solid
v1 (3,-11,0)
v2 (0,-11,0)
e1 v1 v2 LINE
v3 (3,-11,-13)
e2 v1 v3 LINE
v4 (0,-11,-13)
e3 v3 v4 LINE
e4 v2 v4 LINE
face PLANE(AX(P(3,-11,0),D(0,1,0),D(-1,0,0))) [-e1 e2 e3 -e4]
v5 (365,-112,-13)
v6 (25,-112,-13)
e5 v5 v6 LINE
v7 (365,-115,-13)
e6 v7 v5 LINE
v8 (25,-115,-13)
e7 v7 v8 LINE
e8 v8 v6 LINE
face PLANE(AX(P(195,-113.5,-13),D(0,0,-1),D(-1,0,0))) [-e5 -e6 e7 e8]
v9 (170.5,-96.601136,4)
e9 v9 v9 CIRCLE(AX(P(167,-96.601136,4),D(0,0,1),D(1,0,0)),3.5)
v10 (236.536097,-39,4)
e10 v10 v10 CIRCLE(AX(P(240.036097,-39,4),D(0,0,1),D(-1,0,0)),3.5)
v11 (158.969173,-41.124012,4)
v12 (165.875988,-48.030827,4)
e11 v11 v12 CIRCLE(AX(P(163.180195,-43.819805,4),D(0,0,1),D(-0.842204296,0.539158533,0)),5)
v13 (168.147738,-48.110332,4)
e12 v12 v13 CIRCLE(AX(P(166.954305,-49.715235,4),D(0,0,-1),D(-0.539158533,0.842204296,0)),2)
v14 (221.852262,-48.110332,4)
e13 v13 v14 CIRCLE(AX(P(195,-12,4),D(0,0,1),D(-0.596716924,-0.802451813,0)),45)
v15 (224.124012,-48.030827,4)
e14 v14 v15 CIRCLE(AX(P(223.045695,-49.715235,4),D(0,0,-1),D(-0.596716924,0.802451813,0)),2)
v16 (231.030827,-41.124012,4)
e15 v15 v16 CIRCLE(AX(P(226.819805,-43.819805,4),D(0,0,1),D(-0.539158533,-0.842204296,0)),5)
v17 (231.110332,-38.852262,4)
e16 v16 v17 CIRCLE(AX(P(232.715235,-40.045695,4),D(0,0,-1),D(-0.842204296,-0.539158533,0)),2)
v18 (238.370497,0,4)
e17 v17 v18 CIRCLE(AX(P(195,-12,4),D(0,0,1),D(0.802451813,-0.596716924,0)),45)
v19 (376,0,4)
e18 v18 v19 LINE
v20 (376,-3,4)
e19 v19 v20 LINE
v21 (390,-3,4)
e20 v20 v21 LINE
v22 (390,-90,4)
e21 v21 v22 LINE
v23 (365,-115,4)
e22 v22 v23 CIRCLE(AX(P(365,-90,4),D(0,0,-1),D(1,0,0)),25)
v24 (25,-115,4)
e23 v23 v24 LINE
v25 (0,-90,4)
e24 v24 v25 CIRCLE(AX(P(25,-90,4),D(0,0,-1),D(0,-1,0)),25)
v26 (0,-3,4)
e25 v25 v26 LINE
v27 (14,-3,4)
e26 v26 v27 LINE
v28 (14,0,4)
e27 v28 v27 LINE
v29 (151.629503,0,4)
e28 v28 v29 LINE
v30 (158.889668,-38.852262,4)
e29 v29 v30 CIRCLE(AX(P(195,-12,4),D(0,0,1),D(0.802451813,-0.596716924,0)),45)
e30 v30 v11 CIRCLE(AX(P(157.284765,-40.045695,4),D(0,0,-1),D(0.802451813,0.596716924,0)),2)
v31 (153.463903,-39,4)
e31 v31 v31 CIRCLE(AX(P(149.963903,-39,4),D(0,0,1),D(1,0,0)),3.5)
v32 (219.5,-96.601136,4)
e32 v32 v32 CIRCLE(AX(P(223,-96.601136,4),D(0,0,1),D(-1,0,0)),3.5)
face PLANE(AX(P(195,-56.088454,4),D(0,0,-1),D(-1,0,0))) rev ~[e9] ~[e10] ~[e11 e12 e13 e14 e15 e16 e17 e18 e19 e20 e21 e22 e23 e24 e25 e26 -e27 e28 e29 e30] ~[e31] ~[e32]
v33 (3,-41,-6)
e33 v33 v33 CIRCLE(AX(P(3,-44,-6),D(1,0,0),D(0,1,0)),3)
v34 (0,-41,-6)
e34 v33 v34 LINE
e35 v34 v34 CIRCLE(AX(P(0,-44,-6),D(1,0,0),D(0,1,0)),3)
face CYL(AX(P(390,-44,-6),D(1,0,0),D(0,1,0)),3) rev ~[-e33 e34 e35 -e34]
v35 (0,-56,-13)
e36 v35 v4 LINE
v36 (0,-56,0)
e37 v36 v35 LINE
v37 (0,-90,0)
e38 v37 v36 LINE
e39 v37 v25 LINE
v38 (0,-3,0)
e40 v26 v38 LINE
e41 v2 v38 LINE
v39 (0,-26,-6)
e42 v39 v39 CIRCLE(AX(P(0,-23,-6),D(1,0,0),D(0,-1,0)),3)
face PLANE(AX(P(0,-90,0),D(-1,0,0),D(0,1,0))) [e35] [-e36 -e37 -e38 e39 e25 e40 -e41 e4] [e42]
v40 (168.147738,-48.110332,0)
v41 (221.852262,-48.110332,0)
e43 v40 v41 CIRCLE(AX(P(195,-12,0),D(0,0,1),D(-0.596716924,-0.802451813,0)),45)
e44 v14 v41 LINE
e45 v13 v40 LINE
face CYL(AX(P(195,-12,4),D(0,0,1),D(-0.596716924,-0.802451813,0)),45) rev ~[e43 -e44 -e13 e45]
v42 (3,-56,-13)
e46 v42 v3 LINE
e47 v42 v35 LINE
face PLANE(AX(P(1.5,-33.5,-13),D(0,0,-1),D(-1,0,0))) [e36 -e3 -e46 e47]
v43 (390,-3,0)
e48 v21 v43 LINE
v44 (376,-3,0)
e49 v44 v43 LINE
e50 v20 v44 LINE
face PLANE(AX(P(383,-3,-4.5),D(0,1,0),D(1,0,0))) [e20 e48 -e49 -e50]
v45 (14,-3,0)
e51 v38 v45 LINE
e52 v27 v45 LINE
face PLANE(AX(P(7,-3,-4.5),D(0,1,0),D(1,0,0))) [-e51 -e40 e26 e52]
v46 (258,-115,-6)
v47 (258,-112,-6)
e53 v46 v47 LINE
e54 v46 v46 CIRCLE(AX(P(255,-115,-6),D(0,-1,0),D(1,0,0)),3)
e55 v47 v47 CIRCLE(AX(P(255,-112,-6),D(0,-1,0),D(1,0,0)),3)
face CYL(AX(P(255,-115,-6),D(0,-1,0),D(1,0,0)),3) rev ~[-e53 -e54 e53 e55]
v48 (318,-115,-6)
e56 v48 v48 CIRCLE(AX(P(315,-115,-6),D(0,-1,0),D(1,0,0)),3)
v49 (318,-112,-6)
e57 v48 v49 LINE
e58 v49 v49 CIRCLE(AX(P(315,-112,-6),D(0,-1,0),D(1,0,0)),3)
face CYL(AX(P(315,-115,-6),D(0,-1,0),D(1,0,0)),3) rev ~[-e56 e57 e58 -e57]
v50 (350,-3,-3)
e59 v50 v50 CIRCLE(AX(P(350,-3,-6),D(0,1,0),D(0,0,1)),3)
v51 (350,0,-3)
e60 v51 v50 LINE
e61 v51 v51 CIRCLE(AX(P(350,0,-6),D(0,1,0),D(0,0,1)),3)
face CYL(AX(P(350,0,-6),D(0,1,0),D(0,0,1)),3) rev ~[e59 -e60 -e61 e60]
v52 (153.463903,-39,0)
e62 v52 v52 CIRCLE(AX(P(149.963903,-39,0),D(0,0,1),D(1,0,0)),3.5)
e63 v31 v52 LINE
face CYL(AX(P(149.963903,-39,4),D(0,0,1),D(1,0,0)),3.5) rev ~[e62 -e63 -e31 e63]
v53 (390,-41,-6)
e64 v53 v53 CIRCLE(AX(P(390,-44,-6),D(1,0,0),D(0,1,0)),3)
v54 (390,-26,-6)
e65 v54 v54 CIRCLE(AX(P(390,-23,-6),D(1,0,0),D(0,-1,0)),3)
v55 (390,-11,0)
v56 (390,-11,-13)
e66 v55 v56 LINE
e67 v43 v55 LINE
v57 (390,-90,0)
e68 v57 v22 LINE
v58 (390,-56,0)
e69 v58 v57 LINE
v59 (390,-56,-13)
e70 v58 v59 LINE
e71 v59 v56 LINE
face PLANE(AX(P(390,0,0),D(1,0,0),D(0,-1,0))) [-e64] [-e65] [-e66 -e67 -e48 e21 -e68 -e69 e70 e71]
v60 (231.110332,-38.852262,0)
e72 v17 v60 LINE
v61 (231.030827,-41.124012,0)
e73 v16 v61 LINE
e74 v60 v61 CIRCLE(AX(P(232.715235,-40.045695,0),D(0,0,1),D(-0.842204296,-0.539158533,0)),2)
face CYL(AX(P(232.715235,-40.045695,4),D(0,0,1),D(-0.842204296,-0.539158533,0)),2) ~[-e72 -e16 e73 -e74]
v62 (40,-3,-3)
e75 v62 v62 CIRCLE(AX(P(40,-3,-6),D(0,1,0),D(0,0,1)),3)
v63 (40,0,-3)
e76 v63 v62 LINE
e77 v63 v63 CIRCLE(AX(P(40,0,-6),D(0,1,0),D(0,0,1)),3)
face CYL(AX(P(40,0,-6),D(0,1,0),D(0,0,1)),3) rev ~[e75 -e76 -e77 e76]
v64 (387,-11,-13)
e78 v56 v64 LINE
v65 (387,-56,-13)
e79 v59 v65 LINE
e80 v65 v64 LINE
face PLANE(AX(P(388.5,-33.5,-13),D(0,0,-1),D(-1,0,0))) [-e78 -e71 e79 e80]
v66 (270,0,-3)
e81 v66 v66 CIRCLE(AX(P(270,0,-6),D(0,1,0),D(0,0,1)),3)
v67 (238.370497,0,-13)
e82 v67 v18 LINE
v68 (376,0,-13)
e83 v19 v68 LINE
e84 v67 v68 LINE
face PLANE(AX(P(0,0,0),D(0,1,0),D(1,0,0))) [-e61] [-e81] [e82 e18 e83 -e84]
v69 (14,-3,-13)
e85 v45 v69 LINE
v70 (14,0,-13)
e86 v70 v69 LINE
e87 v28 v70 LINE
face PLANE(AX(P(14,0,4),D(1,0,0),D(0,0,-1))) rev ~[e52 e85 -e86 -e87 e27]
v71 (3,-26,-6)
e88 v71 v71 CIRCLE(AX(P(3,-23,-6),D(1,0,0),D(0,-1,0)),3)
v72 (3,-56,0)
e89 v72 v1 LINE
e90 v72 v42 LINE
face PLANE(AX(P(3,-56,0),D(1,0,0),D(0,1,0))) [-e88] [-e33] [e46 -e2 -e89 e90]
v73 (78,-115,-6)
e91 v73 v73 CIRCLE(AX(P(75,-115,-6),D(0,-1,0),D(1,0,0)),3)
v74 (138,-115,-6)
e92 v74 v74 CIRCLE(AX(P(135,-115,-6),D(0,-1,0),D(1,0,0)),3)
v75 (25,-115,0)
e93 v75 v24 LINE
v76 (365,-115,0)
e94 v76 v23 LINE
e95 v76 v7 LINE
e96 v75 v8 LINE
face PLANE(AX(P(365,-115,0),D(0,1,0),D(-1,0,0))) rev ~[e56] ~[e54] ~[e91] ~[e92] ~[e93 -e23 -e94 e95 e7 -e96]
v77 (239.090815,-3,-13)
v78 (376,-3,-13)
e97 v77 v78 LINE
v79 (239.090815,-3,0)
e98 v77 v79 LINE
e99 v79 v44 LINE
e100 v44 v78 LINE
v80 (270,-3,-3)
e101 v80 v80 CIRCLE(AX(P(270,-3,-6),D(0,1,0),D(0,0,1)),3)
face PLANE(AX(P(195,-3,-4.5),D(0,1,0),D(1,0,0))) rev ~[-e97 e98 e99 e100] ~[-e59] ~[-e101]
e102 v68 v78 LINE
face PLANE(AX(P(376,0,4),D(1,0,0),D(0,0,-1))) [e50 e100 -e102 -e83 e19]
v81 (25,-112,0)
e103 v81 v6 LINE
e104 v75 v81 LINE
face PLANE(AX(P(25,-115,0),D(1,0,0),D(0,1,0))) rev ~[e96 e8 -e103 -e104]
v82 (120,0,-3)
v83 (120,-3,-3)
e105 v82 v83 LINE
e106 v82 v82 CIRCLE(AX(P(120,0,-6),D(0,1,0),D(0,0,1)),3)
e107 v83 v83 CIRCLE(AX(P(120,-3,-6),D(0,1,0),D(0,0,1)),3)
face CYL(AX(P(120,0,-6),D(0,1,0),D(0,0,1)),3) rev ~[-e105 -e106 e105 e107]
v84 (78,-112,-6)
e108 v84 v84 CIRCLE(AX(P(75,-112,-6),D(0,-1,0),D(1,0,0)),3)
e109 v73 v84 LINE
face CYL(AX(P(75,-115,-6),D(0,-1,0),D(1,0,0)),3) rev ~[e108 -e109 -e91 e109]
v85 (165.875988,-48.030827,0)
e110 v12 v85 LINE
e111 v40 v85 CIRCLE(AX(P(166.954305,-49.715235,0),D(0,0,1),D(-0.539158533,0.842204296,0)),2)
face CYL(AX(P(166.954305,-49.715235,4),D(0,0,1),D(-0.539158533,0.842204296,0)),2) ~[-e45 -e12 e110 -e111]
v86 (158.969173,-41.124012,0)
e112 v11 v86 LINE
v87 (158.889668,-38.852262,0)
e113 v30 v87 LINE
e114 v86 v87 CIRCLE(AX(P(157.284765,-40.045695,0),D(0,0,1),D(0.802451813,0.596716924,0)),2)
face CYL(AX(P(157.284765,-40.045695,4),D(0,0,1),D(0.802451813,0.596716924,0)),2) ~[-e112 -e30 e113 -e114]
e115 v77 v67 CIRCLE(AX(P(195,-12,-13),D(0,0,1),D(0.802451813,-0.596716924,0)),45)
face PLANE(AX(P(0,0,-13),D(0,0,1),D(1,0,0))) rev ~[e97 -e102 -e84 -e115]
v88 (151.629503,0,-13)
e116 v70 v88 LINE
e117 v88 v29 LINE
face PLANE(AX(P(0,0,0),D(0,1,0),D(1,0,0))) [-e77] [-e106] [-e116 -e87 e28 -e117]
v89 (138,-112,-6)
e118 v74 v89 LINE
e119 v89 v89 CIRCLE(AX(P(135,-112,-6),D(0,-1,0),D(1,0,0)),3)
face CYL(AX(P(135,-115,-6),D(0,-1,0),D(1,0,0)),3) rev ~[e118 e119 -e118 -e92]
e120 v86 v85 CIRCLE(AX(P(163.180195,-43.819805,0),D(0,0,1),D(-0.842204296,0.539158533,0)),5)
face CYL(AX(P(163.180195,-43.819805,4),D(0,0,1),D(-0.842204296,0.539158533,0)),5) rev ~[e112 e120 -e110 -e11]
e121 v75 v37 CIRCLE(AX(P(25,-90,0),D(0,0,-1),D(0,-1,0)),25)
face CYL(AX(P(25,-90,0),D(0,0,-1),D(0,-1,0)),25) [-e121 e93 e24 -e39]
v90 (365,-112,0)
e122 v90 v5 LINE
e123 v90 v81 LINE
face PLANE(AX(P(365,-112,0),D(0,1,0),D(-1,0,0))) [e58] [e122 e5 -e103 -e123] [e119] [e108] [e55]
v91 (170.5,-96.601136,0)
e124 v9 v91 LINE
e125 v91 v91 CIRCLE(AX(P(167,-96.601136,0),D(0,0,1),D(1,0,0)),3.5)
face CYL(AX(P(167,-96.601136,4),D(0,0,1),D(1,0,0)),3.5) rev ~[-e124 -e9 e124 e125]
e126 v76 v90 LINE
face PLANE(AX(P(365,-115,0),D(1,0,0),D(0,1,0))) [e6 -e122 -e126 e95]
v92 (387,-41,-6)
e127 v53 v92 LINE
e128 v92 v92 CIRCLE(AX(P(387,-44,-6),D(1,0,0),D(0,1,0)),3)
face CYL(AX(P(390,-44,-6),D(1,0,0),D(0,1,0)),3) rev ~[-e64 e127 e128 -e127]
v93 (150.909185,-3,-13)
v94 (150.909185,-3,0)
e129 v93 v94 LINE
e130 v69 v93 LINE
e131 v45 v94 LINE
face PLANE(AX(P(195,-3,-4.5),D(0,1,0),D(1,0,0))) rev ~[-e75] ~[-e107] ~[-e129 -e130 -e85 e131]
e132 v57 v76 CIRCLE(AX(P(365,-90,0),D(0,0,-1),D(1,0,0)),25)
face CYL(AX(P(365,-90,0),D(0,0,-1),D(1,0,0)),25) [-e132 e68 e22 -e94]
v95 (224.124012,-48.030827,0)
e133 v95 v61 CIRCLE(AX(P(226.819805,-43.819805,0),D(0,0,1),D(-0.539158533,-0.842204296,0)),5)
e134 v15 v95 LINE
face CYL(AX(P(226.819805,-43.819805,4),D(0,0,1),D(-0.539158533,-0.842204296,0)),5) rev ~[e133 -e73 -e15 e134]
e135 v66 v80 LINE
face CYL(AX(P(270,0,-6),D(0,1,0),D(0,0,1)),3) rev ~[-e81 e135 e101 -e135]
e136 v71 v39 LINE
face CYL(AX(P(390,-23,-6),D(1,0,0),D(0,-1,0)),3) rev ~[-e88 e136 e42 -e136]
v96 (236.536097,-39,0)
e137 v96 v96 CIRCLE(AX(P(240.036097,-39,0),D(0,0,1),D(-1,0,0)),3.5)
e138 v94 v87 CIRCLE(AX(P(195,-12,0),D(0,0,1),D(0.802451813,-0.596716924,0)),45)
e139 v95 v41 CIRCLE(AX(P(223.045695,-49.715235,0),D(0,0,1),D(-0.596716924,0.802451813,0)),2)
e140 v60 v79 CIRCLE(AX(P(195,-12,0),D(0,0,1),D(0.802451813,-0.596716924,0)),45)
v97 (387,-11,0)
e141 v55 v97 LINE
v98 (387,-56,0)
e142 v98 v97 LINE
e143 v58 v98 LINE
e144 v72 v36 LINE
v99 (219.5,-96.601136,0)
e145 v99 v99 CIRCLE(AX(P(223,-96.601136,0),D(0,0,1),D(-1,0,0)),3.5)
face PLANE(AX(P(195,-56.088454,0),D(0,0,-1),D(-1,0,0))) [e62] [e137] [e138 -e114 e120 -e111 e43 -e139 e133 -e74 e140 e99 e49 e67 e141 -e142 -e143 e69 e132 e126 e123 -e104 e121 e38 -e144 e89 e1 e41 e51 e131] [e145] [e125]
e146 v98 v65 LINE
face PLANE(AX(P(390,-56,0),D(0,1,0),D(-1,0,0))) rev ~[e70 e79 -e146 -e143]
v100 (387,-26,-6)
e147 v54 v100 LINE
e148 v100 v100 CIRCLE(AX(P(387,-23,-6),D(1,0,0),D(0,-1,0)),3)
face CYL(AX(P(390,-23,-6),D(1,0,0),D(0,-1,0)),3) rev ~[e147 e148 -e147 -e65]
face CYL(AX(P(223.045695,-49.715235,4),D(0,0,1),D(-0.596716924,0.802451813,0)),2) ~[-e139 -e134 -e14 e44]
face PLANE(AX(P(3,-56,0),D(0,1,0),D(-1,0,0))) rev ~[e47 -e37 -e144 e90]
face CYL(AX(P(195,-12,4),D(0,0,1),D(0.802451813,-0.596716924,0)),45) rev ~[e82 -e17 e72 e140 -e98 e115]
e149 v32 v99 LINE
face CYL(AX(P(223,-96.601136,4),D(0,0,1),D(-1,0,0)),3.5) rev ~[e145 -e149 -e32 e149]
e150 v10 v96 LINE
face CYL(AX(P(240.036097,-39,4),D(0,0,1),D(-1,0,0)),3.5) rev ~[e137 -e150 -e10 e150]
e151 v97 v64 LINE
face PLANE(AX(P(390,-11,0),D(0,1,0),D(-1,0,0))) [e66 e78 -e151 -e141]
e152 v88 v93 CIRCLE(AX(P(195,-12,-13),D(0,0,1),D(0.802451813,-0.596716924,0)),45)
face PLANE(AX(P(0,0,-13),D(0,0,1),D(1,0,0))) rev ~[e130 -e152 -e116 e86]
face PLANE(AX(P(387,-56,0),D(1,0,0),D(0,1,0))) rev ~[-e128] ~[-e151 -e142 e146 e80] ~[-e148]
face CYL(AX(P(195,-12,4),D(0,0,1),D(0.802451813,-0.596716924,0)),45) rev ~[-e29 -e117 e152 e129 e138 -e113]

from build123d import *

# Parameters (mm, degrees)
EXTRUDE_1_DEPTH     = 4
SKETCH_5_W          = 390
SKETCH_5_H          = 17
EXTRUDE_2_DEPTH     = 3
SKETCH_7_R          = 3.5
CUT_EXTRUDE_1_DEPTH = 407.957000186
SKETCH_8_W          = 340
SKETCH_8_H          = 3
EXTRUDE_3_DEPTH     = 13
SKETCH_9_W          = 14
SKETCH_9_H          = 17
CUT_EXTRUDE_2_DEPTH = 3
SKETCH_18_W         = 3
SKETCH_18_H         = 45
EXTRUDE_4_DEPTH     = 13
SKETCH_19_R         = 3
CUT_EXTRUDE_3_DEPTH = 13
SKETCH_20_R         = 3
CUT_EXTRUDE_4_DEPTH = 407.809537745
SKETCH_22_R         = 3
CUT_EXTRUDE_5_DEPTH = 13


with BuildPart() as part:
    # 草图1 → 凸台-拉伸1 (new body)
    with BuildSketch(Plane.XY):
        with BuildLine():
            Line((0, 0), (390, 0))
            Line((390, 0), (390, -90))
            ThreePointArc((390, -90), (382.67766953, -107.67766953), (365, -115))
            Line((365, -115), (25, -115))
            ThreePointArc((25, -115), (7.32233047, -107.67766953), (0, -90))
            Line((0, -90), (0, 0))
        make_face()
    extrude(amount=EXTRUDE_1_DEPTH)

    # 草图5 → 凸台-拉伸2 (add)
    with BuildSketch(Plane(origin=(0, 0, 0), x_dir=(1, 0, 0), z_dir=(0, 1, 0))):
        with Locations((195, 4.5)):
            Rectangle(SKETCH_5_W, SKETCH_5_H)
    extrude(amount=-EXTRUDE_2_DEPTH)

    # 草图7 → 切除-拉伸1 (cut, through all)
    with BuildSketch(Plane.XY.offset(4)):
        with Locations((167, -96.601136347)):
            Circle(SKETCH_7_R)
        with Locations((149.963903366, -39)):
            Circle(SKETCH_7_R)
        with Locations(Location((223, -96.601136347, 0), (0, 0, 180))):
            Circle(SKETCH_7_R)
        with Locations(Location((240.036096634, -39, 0), (0, 0, 180))):
            Circle(SKETCH_7_R)
        with BuildLine():
            ThreePointArc((168.147738424, -48.1103316), (195, -57), (221.852261576, -48.1103316))
            ThreePointArc((221.852261576, -48.1103316), (222.97574381, -47.716458908), (224.124012489, -48.030826634))
            ThreePointArc((224.124012489, -48.030826634), (230.355339059, -47.355339059), (231.030826634, -41.124012489))
            ThreePointArc((231.030826634, -41.124012489), (230.716458908, -39.97574381), (231.1103316, -38.852261576))
            ThreePointArc((231.1103316, -38.852261576), (195, 33), (158.8896684, -38.852261576))
            ThreePointArc((158.8896684, -38.852261576), (159.283541092, -39.97574381), (158.969173366, -41.124012489))
            ThreePointArc((158.969173366, -41.124012489), (159.644660941, -47.355339059), (165.875987511, -48.030826634))
            ThreePointArc((165.875987511, -48.030826634), (167.02425619, -47.716458908), (168.147738424, -48.1103316))
        make_face()
    extrude(amount=-CUT_EXTRUDE_1_DEPTH, mode=Mode.SUBTRACT)

    # 草图8 → 凸台-拉伸3 (add)
    with BuildSketch(Plane(origin=(0, 0, 0), x_dir=(-1, 0, 0), z_dir=(0, 0, -1))):
        with Locations((-195, -113.5)):
            Rectangle(SKETCH_8_W, SKETCH_8_H)
    extrude(amount=EXTRUDE_3_DEPTH)

    # 草图9 → 切除-拉伸2 (cut)
    with BuildSketch(Plane(origin=(0, 0, 0), x_dir=(1, 0, 0), z_dir=(0, 1, 0))):
        with Locations((383, 4.5)):
            Rectangle(SKETCH_9_W, SKETCH_9_H)
        with Locations((7, 4.5)):
            Rectangle(SKETCH_9_W, SKETCH_9_H)
    extrude(amount=-CUT_EXTRUDE_2_DEPTH, mode=Mode.SUBTRACT)

    # 草图18 → 凸台-拉伸4 (add)
    with BuildSketch(Plane(origin=(0, 0, 0), x_dir=(-1, 0, 0), z_dir=(0, 0, -1))):
        with Locations((-388.5, -33.5)):
            Rectangle(SKETCH_18_W, SKETCH_18_H)
        with Locations((-1.5, -33.5)):
            Rectangle(SKETCH_18_W, SKETCH_18_H)
    extrude(amount=EXTRUDE_4_DEPTH)

    # 草图19 → 切除-拉伸3 (cut)
    with BuildSketch(Plane(origin=(0, 0, 0), x_dir=(1, 0, 0), z_dir=(0, 1, 0))):
        with Locations(Location((270, 6, 0), (0, 0, 270))):
            Circle(SKETCH_19_R)
        with Locations(Location((350, 6, 0), (0, 0, 270))):
            Circle(SKETCH_19_R)
        with Locations(Location((40, 6, 0), (0, 0, 270))):
            Circle(SKETCH_19_R)
        with Locations(Location((120, 6, 0), (0, 0, 270))):
            Circle(SKETCH_19_R)
    extrude(amount=-CUT_EXTRUDE_3_DEPTH, mode=Mode.SUBTRACT)

    # 草图20 → 切除-拉伸4 (cut, through all)
    with BuildSketch(Plane(origin=(390, 0, 0), x_dir=(0, 0, -1), z_dir=(1, 0, 0))):
        with Locations(Location((6, -23, 0), (0, 0, 270))):
            Circle(SKETCH_20_R)
        with Locations(Location((6, -44, 0), (0, 0, 90))):
            Circle(SKETCH_20_R)
    extrude(amount=-CUT_EXTRUDE_4_DEPTH, mode=Mode.SUBTRACT)

    # 草图22 → 切除-拉伸5 (cut)
    with BuildSketch(Plane.XZ.offset(115)):
        with Locations((75, -6)):
            Circle(SKETCH_22_R)
        with Locations((135, -6)):
            Circle(SKETCH_22_R)
        with Locations((315, -6)):
            Circle(SKETCH_22_R)
        with Locations((255, -6)):
            Circle(SKETCH_22_R)
    extrude(amount=-CUT_EXTRUDE_5_DEPTH, mode=Mode.SUBTRACT)


solid = part.part
